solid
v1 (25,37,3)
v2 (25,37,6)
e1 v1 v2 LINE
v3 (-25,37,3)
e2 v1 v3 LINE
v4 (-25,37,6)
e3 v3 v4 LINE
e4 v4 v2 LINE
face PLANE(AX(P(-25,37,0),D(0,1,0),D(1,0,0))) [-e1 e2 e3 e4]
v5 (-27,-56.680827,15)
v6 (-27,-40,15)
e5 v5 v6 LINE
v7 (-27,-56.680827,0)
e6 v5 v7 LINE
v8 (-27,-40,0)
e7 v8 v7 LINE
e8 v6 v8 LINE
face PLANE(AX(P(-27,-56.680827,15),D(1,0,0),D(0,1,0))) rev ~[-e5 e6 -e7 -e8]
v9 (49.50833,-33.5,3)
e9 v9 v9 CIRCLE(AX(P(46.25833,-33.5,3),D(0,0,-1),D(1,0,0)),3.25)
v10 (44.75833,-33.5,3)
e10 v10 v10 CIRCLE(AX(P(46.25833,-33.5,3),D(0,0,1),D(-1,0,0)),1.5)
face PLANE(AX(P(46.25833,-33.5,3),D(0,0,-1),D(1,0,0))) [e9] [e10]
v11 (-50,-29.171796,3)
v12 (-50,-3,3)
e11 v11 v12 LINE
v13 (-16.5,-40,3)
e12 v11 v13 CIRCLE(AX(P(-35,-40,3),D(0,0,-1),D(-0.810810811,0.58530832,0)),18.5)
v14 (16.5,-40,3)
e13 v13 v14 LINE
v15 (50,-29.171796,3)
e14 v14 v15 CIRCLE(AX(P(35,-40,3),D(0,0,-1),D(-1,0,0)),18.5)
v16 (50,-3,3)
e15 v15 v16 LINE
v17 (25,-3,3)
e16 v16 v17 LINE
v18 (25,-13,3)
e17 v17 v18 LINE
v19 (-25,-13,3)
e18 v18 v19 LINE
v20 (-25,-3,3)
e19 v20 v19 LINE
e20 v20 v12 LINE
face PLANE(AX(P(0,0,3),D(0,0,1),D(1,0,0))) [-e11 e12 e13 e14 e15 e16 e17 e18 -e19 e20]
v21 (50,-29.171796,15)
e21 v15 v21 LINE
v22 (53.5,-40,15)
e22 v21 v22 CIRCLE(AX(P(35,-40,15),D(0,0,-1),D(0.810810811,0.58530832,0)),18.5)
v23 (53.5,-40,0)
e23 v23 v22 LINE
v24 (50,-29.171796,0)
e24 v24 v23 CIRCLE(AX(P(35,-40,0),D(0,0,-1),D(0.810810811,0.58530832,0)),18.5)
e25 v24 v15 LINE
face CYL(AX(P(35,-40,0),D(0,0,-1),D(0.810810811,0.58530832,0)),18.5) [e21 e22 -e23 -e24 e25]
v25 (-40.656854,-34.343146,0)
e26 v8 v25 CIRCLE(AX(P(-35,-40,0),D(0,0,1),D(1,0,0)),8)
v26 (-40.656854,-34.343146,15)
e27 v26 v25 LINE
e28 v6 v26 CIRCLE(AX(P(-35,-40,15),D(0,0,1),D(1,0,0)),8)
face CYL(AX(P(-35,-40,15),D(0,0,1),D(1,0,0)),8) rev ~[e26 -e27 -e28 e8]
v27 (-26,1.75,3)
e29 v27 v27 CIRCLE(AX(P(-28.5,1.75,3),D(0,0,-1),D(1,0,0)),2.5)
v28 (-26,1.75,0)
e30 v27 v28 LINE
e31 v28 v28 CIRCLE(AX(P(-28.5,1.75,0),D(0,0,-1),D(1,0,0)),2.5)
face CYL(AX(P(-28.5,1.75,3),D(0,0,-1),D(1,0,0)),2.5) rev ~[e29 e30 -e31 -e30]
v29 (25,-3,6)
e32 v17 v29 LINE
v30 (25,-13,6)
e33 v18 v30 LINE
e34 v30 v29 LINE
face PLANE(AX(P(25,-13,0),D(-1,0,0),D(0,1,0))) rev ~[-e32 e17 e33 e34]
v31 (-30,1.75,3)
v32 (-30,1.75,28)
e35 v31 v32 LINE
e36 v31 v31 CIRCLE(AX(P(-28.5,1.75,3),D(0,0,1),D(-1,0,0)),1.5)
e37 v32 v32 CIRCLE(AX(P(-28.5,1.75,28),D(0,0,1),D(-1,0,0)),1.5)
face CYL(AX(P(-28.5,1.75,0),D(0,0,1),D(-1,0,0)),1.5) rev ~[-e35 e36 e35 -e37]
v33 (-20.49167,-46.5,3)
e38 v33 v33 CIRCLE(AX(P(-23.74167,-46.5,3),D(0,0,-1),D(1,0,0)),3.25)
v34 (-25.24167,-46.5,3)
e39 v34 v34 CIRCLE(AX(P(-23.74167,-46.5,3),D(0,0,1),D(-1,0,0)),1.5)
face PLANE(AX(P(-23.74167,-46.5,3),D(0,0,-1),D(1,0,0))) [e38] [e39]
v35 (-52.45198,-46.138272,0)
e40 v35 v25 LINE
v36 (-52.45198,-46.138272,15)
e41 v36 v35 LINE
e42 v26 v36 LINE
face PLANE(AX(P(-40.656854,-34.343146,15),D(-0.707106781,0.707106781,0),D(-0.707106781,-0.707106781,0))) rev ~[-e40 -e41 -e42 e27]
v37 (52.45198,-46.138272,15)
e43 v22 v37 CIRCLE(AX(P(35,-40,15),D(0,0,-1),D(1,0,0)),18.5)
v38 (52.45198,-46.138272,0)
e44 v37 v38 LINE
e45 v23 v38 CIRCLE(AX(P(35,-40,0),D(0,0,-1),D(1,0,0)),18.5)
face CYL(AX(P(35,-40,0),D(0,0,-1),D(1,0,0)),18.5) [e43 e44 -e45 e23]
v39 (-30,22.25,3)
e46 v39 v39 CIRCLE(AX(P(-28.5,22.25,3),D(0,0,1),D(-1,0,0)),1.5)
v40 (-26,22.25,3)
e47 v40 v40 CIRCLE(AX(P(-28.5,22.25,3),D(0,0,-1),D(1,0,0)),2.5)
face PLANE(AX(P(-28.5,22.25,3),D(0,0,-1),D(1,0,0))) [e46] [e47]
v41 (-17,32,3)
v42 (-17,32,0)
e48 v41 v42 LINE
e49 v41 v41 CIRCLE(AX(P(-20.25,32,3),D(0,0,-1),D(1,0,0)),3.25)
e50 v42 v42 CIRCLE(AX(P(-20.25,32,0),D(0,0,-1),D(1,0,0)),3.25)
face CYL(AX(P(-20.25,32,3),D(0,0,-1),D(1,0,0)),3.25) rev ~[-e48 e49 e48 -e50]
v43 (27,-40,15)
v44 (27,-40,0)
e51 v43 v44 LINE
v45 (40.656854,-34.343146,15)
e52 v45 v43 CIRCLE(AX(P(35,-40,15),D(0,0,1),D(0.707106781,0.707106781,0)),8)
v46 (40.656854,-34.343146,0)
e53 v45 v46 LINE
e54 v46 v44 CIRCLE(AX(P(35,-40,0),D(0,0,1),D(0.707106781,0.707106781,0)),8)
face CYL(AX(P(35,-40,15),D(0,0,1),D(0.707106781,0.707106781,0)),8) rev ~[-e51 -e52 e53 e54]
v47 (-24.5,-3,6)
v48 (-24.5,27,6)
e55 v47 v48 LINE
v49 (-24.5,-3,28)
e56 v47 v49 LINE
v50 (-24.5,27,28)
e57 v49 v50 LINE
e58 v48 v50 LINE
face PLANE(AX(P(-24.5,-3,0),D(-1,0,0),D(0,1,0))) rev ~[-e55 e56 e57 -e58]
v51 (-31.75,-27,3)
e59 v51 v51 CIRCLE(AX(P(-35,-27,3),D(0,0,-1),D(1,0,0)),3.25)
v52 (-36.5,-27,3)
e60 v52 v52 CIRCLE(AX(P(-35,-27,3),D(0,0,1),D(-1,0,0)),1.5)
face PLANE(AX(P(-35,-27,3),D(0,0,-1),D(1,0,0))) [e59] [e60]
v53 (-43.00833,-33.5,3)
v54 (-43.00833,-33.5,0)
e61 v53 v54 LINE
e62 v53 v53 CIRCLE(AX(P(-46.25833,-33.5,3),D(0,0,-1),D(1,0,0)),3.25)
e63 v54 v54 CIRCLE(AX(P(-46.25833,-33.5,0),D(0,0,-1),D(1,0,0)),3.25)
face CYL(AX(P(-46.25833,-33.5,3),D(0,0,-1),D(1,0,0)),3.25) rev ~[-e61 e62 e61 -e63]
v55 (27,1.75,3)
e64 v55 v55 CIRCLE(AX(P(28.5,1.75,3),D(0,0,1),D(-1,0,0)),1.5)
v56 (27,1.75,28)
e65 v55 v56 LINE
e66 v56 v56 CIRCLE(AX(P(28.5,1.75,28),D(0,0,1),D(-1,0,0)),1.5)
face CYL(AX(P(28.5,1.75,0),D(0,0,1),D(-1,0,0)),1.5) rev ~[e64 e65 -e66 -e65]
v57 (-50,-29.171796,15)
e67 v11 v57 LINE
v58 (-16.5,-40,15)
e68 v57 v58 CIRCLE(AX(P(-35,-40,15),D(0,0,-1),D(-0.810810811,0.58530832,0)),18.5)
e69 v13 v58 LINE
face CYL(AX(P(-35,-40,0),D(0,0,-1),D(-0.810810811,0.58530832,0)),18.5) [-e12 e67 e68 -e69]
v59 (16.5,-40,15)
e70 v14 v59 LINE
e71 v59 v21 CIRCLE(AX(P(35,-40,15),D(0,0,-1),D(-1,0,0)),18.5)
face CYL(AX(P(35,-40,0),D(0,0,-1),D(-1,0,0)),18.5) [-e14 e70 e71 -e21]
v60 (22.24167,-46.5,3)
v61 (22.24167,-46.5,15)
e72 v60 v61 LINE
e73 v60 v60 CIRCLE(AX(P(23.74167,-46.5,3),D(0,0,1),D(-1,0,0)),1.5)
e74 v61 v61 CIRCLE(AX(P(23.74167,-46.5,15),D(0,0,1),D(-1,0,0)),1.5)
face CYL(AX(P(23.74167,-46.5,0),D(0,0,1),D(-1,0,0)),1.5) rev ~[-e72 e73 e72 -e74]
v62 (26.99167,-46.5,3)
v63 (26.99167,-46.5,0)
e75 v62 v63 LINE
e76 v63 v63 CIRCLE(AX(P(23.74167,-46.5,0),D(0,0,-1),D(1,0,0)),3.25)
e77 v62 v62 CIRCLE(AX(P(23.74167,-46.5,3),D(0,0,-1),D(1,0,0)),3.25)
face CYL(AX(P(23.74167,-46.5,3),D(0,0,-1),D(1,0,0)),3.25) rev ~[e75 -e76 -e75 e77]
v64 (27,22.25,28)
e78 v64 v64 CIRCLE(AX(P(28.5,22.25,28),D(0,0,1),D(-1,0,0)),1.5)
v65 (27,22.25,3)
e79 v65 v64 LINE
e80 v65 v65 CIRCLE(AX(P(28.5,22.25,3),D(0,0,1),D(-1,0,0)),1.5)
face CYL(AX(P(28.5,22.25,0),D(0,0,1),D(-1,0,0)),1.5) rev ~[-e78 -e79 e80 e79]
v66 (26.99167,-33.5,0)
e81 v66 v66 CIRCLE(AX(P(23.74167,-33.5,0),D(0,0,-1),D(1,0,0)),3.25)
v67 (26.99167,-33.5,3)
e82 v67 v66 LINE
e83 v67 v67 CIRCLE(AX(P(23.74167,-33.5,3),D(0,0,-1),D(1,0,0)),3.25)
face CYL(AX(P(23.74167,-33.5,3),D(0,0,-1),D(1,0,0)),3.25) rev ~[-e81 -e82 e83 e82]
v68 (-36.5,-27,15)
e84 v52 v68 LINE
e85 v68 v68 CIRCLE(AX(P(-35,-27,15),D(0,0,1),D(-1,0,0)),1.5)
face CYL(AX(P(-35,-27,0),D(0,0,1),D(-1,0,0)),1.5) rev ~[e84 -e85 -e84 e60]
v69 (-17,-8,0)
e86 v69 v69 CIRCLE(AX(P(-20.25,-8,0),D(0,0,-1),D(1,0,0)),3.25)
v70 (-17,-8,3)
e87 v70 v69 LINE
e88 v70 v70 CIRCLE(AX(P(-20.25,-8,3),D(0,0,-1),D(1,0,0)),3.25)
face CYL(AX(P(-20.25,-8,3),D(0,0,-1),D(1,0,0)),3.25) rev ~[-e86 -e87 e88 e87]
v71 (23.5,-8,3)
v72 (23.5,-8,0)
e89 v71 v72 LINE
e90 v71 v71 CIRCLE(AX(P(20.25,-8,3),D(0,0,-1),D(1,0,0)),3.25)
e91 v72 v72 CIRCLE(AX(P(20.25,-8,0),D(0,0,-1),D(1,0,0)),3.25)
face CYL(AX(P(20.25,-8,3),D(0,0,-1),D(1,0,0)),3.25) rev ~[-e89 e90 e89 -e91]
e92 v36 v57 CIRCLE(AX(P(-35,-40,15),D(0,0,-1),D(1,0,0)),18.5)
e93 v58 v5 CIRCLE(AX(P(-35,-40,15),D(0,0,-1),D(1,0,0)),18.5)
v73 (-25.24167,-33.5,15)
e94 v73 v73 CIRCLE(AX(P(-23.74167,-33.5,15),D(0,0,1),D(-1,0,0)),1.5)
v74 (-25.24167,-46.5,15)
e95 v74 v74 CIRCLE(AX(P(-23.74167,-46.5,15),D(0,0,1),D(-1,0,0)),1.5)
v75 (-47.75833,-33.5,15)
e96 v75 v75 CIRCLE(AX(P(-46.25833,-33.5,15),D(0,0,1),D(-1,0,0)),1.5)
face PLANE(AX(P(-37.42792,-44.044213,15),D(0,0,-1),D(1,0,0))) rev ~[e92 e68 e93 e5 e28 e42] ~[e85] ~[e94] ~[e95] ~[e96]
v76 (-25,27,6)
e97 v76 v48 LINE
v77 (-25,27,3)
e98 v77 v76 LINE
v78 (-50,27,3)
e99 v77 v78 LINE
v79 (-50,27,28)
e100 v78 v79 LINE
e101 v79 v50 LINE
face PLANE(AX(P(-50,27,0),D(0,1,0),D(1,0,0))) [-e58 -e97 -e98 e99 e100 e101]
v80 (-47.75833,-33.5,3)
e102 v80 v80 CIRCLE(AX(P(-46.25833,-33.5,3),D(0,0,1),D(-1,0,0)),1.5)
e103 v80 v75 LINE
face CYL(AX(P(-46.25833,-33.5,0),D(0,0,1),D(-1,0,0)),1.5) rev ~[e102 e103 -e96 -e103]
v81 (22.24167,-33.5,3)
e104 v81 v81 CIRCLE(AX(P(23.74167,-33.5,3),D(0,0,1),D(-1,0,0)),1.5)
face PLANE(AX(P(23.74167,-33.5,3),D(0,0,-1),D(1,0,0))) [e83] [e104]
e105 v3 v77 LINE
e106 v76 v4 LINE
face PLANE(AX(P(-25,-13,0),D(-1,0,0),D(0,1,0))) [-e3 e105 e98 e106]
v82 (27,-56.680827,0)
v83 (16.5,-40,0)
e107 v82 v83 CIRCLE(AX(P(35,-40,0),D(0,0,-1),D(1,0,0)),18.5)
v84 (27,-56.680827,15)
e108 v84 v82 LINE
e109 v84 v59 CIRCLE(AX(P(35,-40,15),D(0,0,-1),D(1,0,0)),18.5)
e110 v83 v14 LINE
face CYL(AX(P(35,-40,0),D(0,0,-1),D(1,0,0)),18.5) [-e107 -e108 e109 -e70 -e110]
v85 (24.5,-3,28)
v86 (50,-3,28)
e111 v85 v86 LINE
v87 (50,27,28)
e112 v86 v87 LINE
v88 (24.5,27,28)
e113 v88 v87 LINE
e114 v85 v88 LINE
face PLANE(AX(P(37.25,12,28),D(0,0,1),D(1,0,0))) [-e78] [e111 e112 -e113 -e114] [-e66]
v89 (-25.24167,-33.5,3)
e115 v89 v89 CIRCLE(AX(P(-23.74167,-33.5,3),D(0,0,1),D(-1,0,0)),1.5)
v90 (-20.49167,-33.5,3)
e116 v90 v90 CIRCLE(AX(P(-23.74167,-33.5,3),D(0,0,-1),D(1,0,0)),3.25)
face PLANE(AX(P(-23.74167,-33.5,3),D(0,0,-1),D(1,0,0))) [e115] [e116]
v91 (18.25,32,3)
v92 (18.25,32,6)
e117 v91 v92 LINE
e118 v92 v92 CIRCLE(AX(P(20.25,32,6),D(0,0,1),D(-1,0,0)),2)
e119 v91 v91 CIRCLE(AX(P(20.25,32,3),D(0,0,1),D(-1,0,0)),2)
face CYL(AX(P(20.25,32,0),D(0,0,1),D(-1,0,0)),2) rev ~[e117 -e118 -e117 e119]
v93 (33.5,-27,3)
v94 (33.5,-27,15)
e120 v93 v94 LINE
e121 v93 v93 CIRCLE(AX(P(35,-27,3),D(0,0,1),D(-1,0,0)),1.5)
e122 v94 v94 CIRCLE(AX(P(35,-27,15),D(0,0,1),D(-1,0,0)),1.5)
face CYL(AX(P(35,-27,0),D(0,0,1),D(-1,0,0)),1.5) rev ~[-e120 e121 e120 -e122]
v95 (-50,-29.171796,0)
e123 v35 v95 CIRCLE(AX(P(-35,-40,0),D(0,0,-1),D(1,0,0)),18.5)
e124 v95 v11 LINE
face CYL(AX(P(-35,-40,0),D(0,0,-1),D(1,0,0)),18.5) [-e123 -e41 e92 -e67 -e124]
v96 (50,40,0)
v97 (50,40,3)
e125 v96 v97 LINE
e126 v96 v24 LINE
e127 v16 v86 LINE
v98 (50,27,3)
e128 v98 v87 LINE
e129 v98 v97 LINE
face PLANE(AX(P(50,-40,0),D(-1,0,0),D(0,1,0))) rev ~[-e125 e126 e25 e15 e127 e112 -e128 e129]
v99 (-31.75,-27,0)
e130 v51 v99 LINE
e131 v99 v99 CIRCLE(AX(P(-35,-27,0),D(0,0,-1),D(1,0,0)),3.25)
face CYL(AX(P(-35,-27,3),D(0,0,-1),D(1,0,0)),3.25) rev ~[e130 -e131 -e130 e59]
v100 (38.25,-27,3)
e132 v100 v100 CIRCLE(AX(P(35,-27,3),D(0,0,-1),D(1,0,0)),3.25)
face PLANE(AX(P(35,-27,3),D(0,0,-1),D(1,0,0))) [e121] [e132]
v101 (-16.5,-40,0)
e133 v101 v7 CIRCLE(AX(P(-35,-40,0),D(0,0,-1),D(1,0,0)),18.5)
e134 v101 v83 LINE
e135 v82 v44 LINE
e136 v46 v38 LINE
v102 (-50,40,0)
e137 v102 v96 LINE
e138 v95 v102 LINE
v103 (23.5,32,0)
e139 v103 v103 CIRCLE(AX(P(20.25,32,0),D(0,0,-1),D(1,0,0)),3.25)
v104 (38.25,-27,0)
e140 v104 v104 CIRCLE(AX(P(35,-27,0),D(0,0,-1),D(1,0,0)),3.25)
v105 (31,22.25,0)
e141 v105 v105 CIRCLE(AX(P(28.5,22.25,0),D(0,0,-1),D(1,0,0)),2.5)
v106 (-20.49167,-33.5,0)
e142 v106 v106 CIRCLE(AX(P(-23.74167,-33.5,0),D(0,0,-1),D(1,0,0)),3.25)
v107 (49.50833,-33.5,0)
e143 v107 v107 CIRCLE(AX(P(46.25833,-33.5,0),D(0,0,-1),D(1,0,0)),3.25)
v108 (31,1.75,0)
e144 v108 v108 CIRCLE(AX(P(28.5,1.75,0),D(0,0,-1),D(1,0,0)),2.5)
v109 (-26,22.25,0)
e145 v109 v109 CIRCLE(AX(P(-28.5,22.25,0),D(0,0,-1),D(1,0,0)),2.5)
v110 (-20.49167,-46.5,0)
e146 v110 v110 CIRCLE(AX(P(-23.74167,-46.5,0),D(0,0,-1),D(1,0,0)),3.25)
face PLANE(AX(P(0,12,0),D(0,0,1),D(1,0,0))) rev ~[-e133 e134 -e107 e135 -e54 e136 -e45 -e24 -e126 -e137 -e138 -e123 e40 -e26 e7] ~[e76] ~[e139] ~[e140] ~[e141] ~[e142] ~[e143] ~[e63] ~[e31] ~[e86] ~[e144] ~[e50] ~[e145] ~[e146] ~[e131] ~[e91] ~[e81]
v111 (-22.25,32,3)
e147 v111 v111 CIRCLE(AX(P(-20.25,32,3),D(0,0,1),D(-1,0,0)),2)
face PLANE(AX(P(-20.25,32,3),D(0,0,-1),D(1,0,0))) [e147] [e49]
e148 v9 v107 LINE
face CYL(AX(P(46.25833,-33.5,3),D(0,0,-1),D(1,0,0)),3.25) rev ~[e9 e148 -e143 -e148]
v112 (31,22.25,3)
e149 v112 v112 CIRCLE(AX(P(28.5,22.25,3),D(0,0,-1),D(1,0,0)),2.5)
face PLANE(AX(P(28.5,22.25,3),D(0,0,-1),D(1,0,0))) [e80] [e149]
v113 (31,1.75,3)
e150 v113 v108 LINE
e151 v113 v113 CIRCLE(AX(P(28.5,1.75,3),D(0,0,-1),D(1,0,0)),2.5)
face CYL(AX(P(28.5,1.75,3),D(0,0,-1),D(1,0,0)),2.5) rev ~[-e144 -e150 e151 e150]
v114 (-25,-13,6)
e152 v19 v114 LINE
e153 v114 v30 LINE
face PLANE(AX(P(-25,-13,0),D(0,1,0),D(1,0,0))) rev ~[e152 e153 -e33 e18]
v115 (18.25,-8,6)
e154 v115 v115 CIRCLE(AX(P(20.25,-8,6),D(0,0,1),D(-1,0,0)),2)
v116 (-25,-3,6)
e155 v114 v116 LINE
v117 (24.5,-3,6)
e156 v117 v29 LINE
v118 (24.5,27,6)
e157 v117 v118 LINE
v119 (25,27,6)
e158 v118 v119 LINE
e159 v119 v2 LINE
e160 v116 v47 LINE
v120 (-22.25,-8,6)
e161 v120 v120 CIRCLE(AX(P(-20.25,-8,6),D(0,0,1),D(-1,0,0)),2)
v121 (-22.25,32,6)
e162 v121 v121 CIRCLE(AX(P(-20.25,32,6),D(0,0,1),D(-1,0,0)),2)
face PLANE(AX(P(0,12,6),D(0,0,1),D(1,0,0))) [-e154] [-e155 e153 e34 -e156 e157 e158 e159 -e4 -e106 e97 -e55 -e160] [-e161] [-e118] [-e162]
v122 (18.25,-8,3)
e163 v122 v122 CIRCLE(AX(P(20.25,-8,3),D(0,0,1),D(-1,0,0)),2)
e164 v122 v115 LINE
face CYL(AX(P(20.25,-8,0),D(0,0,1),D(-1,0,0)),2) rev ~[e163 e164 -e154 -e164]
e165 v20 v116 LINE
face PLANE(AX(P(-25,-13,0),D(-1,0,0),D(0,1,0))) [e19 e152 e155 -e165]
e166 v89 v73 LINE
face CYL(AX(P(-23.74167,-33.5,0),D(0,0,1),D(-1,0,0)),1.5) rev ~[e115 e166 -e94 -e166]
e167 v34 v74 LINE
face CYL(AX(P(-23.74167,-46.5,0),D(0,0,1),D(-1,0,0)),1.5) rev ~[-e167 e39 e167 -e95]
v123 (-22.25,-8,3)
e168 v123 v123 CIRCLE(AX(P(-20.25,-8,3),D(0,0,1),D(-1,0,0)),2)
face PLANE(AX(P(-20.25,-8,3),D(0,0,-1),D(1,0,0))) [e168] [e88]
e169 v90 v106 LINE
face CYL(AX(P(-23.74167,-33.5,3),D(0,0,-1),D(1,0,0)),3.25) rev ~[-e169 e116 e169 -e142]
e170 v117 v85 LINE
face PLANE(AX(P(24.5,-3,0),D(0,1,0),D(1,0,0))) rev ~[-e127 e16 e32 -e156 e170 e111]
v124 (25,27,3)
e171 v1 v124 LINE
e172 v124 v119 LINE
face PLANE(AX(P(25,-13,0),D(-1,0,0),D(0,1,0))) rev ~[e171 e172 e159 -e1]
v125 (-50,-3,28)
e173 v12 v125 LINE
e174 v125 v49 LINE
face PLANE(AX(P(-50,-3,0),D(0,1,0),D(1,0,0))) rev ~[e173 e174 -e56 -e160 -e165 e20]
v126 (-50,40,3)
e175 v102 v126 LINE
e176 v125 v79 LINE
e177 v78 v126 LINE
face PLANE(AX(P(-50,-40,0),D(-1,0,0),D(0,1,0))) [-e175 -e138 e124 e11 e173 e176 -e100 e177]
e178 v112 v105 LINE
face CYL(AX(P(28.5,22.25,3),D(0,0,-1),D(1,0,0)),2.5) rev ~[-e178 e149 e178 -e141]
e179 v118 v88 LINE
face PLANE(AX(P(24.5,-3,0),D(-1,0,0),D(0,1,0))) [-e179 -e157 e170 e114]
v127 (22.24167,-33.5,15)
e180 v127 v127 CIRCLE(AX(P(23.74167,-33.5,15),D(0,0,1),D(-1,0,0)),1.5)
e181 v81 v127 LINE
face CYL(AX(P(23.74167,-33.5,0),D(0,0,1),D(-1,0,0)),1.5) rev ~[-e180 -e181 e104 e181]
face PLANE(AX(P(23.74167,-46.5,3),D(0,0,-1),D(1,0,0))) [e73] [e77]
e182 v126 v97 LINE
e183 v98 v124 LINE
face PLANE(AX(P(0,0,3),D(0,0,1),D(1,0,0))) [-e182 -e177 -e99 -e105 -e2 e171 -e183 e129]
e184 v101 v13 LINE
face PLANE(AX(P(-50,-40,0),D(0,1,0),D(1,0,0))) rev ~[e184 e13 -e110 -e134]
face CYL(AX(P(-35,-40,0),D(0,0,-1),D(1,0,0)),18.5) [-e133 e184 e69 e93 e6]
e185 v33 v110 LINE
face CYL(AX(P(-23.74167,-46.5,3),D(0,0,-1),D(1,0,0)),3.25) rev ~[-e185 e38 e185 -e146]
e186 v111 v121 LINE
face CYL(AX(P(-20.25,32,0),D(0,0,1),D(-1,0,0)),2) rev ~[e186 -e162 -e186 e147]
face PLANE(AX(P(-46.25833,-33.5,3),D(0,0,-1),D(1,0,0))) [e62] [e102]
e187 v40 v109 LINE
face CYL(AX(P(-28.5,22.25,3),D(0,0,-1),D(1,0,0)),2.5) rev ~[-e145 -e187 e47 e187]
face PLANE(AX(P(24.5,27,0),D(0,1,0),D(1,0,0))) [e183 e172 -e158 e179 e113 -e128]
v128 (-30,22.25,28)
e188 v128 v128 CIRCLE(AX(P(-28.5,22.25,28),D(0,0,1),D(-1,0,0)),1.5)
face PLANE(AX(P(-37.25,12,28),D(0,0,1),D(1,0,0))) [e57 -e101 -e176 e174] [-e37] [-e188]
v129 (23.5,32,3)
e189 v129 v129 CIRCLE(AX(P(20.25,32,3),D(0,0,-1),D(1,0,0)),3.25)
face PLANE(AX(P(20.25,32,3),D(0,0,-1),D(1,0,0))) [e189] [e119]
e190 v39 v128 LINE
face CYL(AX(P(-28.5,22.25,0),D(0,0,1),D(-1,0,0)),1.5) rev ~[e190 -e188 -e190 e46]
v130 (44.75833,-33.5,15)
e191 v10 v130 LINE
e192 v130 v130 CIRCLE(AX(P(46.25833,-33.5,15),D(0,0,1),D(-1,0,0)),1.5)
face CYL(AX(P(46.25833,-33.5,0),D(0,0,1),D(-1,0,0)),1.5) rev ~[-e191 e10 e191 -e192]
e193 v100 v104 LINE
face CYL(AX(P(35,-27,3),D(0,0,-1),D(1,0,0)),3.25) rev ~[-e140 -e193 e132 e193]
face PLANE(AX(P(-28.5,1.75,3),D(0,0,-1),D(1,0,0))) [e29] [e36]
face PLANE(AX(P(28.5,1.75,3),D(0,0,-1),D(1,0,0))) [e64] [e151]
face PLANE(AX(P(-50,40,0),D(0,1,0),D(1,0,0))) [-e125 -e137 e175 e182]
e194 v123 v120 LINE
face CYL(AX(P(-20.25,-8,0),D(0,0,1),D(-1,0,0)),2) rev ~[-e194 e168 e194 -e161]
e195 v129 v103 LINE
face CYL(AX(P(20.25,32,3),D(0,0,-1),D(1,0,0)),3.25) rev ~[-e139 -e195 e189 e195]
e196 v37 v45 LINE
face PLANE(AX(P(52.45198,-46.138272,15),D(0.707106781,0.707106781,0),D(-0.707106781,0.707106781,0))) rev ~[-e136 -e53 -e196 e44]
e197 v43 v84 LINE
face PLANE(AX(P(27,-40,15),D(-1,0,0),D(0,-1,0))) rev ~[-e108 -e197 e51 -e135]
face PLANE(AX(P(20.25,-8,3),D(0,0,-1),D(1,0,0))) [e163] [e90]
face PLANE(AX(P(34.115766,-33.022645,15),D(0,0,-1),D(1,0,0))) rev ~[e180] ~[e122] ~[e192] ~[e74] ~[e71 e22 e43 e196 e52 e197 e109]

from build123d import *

# Parameters (mm, degrees)
F0_W            = 100
F0_H            = 80
F1_DEPTH        = 3
F4_DEPTH        = 15
F6_DEPTH        = 15.001
F3_W            = 25.5
F3_H            = 30
F7_DEPTH        = 28
F8_W            = 50
F8_H            = 50
F9_DEPTH        = 6
F10_D           = 4
F10_CBORE_D     = 6.5
F10_CBORE_DEPTH = 3
F11_D           = 3
F11_CBORE_D     = 6.5
F11_CBORE_DEPTH = 3
F12_D           = 3
F12_CBORE_D     = 5
F12_CBORE_DEPTH = 3


with BuildPart() as f1:
    # F0 (on Top) → F1 (new body)
    with BuildSketch(Plane.XY):
        Rectangle(F0_W, F0_H)
    extrude(amount=F1_DEPTH)

    # F2 (on face) → F4 (join)
    with BuildSketch(Plane(origin=(0, 0, 0), x_dir=(1, 0, 0), z_dir=(0, 0, -1))):
        with BuildLine():
            Line((-50, 40), (-16.5, 40))
            ThreePointArc((-16.5, 40), (-40.6899033384, 57.6032667423), (-50, 29.1717960861))
            Line((-50, 29.1717960861), (-50, 40))
        make_face()
        with BuildLine():
            ThreePointArc((-50, 29.1717960861), (-29.3100966616, 22.3967332577), (-16.5, 40))
            Line((-16.5, 40), (-50, 40))
            Line((-50, 40), (-50, 29.1717960861))
        make_face()
        with BuildLine():
            Line((50, 40), (16.5, 40))
            ThreePointArc((16.5, 40), (29.3100966616, 22.3967332577), (50, 29.1717960861))
            Line((50, 29.1717960861), (50, 40))
        make_face()
        with BuildLine():
            ThreePointArc((53.5, 40), (35, 58.5), (16.5, 40))
            Line((16.5, 40), (50, 40))
            Line((50, 40), (50, 29.1717960861))
            ThreePointArc((50, 29.1717960861), (52.6032667423, 34.3100966616), (53.5, 40))
        make_face()
    extrude(amount=-F4_DEPTH)

    # F5 (on face) → F6 (cut, through all)
    with BuildSketch(Plane.XY.offset(15)):
        with BuildLine():
            Line((-27, -56.6808273176), (-27, -40))
            ThreePointArc((-27, -40), (-31.9385325411, -32.6089637399), (-40.6568542495, -34.3431457505))
            Line((-40.6568542495, -34.3431457505), (-52.4519803616, -46.1382718626))
            ThreePointArc((-52.4519803616, -46.1382718626), (-42.0796434988, -57.0917713515), (-27, -56.6808273176))
        make_face()
        with BuildLine():
            ThreePointArc((40.6568542495, -34.3431457505), (31.9385325411, -32.6089637399), (27, -40))
            Line((27, -40), (27, -56.6808273176))
            ThreePointArc((27, -56.6808273176), (42.0796434988, -57.0917713515), (52.4519803616, -46.1382718626))
            Line((52.4519803616, -46.1382718626), (40.6568542495, -34.3431457505))
        make_face()
    extrude(amount=-F6_DEPTH, mode=Mode.SUBTRACT)

    # F3 (on Top) → F7 (join)
    with BuildSketch(Plane.XY):
        with Locations((-37.25, 12)):
            Rectangle(F3_W, F3_H)
        with Locations((37.25, 12)):
            Rectangle(F3_W, F3_H)
    extrude(amount=F7_DEPTH)

    # F8 (on Top) → F9 (join)
    with BuildSketch(Plane.XY):
        with Locations((0, 12)):
            Rectangle(F8_W, F8_H)
    extrude(amount=F9_DEPTH)

    # F10 (through all)
    with Locations(Plane(origin=(0, 0, 0), x_dir=(1, 0, 0), z_dir=(0, 0, -1))):
        with Locations((-20.25, 8), (20.25, 8), (-20.25, -32), (20.25, -32)):
            CounterBoreHole(F10_D / 2, F10_CBORE_D / 2, F10_CBORE_DEPTH)

    # F11 (through all)
    with Locations(Plane(origin=(0, 0, 0), x_dir=(1, 0, 0), z_dir=(0, 0, -1))):
        with Locations((-46.2583302492, 33.5), (-46.2583302492, 46.5), (-23.7416697508, 46.5), (-23.7416697508, 33.5), (-35, 27), (23.7416697508, 46.5), (46.2583302492, 46.5), (46.2583302492, 33.5), (35, 27), (23.7416697508, 33.5)):
            CounterBoreHole(F11_D / 2, F11_CBORE_D / 2, F11_CBORE_DEPTH)

    # F12 (through all)
    with Locations(Plane(origin=(0, 0, 0), x_dir=(1, 0, 0), z_dir=(0, 0, -1))):
        with Locations((-28.5, -22.25), (-28.5, -1.75), (28.5, -22.25), (28.5, -1.75)):
            CounterBoreHole(F12_D / 2, F12_CBORE_D / 2, F12_CBORE_DEPTH)


solid = f1.part
